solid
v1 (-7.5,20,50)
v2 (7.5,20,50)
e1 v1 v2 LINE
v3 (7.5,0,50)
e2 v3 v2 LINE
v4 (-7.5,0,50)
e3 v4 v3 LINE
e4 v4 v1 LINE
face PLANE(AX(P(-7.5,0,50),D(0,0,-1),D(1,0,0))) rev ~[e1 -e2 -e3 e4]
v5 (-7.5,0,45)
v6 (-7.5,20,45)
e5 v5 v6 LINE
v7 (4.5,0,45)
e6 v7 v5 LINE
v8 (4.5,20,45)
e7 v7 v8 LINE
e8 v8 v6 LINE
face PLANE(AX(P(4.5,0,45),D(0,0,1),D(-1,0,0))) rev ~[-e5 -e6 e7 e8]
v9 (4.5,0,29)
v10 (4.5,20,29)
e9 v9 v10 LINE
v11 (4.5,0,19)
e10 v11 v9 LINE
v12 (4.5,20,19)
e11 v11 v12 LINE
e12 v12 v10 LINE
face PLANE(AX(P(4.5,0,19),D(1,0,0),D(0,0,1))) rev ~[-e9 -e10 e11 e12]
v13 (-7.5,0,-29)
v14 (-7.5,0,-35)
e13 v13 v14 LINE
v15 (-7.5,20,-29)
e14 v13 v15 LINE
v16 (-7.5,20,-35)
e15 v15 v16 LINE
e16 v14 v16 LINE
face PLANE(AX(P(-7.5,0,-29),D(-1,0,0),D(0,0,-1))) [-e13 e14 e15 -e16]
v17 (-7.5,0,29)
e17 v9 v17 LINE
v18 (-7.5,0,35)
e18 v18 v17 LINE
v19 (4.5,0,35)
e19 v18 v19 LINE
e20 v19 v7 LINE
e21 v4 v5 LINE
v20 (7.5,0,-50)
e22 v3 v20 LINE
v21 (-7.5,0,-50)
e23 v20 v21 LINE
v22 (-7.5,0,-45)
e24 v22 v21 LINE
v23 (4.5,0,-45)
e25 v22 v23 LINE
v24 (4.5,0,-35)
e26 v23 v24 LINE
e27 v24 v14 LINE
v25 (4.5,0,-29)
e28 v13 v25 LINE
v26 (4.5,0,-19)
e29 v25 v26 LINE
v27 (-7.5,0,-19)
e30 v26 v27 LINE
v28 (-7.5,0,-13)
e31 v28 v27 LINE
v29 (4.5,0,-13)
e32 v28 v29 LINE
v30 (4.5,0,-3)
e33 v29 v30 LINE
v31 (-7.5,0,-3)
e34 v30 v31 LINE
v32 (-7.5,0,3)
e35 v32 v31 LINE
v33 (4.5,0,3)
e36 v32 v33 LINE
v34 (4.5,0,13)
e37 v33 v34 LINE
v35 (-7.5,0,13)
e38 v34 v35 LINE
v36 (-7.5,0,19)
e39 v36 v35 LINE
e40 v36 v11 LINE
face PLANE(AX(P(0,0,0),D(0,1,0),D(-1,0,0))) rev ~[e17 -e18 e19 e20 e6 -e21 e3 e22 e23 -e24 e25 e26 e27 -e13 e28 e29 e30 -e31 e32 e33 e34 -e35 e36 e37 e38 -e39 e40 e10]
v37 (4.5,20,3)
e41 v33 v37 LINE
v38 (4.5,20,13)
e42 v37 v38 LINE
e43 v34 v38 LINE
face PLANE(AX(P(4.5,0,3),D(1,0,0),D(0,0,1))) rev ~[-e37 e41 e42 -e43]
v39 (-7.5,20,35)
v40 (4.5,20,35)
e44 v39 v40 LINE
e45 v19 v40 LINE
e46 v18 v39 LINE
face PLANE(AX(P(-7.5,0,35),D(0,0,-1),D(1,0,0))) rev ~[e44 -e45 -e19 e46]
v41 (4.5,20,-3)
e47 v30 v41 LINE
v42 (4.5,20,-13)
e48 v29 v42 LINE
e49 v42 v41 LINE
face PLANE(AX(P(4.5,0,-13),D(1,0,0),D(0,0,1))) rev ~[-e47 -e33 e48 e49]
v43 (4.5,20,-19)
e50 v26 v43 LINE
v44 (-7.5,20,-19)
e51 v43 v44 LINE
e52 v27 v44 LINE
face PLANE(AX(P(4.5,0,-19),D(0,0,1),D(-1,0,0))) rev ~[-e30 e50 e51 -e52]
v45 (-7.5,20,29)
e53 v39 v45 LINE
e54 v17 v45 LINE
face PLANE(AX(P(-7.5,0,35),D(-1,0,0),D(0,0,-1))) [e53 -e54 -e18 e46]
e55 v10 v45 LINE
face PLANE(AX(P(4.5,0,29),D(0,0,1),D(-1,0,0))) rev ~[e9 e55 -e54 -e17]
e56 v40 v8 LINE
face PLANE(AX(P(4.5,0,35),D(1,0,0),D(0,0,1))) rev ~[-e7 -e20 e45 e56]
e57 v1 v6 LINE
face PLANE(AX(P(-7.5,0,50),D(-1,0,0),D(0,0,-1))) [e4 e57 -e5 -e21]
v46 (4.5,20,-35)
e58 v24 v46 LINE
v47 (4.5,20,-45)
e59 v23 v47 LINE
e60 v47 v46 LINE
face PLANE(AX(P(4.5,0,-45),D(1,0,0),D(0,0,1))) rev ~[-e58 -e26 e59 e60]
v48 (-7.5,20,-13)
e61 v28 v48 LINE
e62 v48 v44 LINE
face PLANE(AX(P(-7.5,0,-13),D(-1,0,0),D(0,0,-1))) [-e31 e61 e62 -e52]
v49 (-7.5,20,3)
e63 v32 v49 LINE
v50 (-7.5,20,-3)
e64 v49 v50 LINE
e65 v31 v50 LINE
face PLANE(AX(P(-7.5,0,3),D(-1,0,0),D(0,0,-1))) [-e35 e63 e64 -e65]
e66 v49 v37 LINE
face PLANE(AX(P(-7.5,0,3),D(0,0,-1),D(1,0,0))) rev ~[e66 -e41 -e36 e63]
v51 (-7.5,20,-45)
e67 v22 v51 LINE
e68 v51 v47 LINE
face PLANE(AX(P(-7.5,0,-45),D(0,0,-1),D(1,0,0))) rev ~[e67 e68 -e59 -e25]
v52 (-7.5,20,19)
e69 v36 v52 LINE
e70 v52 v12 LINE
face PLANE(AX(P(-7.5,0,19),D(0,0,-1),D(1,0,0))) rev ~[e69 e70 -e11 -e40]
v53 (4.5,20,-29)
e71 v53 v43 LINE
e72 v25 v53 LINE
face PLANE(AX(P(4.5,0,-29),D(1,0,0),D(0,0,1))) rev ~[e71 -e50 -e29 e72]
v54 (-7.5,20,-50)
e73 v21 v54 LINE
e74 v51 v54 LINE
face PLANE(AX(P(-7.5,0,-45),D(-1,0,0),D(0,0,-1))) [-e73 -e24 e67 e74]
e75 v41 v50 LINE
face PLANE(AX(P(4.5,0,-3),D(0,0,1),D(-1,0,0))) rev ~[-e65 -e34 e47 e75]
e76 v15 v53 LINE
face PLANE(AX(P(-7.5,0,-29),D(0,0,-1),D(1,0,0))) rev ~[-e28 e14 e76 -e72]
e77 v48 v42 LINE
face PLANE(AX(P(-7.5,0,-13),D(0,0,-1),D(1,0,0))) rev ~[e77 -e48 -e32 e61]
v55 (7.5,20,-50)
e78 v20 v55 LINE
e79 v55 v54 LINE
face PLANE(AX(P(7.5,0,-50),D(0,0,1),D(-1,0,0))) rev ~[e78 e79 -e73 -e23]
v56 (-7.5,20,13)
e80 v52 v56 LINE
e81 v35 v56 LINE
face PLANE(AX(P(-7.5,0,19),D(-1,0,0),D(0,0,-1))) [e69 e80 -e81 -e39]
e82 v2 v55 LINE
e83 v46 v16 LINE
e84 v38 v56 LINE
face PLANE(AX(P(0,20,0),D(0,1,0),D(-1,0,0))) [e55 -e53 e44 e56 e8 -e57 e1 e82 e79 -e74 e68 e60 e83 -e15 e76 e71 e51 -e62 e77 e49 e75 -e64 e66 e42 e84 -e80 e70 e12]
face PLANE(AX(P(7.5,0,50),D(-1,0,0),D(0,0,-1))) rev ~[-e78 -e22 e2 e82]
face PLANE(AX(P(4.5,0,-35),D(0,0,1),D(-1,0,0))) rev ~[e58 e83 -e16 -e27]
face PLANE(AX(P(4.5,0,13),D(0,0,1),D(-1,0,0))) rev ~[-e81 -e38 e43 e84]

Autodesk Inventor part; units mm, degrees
ref_plane "YZ Plane" through (0, 0, 0) normal (1, 0, 0) x (0, 1, 0)
ref_plane "XZ Plane" through (0, 0, 0) normal (0, 1, 0) x (-1, 0, 0)
ref_plane "XY Plane" through (0, 0, 0) normal (0, 0, 1) x (1, 0, 0)
sketch "Sketch1" plane through (0, 0, 0) normal (0, 1, 0) x (-1, 0, 0)
  line L0 (7.5, 50) -> (-7.5, 50)
  line L1 (-7.5, 50) -> (-7.5, -50)
  line L2 (-7.5, -50) -> (7.5, -50)
  line L3 (7.5, -50) -> (7.5, 50) construction
  line L4 (7.5, 50) -> (-7.5, -50) construction
  line L5 (-7.5, 50) -> (7.5, -50) construction
  line L6 (7.5, 50) -> (7.5, 45)
  line L7 (7.5, 35) -> (-4.5, 35)
  line L8 (-4.5, 35) -> (-4.5, 45)
  line L9 (-4.5, 45) -> (7.5, 45)
  line L10 (7.5, 19) -> (-4.5, 19)
  line L11 (-4.5, 19) -> (-4.5, 29)
  line L12 (-4.5, 29) -> (7.5, 29)
  line L13 (7.5, 3) -> (-4.5, 3)
  line L14 (-4.5, 3) -> (-4.5, 13)
  line L15 (-4.5, 13) -> (7.5, 13)
  line L16 (7.5, -13) -> (-4.5, -13)
  line L17 (-4.5, -13) -> (-4.5, -3)
  line L18 (-4.5, -3) -> (7.5, -3)
  line L19 (7.5, -29) -> (-4.5, -29)
  line L20 (-4.5, -29) -> (-4.5, -19)
  line L21 (-4.5, -19) -> (7.5, -19)
  line L22 (7.5, -45) -> (-4.5, -45)
  line L23 (-4.5, -45) -> (-4.5, -35)
  line L24 (-4.5, -35) -> (7.5, -35)
  line L25 (7.5, 35) -> (7.5, 29)
  line L26 (7.5, 19) -> (7.5, 13)
  line L27 (7.5, 3) -> (7.5, -3)
  line L28 (7.5, -13) -> (7.5, -19)
  line L29 (7.5, -29) -> (7.5, -35)
  line L30 (7.5, -45) -> (7.5, -50)
  point P0 (0, 0)
  point P1 (7.5, 0)
  dimension "d0" = 15
  dimension "d1" = 100
  dimension "d4" = 5
  dimension "d5" = 10
  dimension "d6" = 12
  dimension "d9" = 16
  dimension "d14" = 10
extrude "Extrusion1" add sketch "Sketch1" along normal blind 20
properties part number "pneunet_approximate_test"
